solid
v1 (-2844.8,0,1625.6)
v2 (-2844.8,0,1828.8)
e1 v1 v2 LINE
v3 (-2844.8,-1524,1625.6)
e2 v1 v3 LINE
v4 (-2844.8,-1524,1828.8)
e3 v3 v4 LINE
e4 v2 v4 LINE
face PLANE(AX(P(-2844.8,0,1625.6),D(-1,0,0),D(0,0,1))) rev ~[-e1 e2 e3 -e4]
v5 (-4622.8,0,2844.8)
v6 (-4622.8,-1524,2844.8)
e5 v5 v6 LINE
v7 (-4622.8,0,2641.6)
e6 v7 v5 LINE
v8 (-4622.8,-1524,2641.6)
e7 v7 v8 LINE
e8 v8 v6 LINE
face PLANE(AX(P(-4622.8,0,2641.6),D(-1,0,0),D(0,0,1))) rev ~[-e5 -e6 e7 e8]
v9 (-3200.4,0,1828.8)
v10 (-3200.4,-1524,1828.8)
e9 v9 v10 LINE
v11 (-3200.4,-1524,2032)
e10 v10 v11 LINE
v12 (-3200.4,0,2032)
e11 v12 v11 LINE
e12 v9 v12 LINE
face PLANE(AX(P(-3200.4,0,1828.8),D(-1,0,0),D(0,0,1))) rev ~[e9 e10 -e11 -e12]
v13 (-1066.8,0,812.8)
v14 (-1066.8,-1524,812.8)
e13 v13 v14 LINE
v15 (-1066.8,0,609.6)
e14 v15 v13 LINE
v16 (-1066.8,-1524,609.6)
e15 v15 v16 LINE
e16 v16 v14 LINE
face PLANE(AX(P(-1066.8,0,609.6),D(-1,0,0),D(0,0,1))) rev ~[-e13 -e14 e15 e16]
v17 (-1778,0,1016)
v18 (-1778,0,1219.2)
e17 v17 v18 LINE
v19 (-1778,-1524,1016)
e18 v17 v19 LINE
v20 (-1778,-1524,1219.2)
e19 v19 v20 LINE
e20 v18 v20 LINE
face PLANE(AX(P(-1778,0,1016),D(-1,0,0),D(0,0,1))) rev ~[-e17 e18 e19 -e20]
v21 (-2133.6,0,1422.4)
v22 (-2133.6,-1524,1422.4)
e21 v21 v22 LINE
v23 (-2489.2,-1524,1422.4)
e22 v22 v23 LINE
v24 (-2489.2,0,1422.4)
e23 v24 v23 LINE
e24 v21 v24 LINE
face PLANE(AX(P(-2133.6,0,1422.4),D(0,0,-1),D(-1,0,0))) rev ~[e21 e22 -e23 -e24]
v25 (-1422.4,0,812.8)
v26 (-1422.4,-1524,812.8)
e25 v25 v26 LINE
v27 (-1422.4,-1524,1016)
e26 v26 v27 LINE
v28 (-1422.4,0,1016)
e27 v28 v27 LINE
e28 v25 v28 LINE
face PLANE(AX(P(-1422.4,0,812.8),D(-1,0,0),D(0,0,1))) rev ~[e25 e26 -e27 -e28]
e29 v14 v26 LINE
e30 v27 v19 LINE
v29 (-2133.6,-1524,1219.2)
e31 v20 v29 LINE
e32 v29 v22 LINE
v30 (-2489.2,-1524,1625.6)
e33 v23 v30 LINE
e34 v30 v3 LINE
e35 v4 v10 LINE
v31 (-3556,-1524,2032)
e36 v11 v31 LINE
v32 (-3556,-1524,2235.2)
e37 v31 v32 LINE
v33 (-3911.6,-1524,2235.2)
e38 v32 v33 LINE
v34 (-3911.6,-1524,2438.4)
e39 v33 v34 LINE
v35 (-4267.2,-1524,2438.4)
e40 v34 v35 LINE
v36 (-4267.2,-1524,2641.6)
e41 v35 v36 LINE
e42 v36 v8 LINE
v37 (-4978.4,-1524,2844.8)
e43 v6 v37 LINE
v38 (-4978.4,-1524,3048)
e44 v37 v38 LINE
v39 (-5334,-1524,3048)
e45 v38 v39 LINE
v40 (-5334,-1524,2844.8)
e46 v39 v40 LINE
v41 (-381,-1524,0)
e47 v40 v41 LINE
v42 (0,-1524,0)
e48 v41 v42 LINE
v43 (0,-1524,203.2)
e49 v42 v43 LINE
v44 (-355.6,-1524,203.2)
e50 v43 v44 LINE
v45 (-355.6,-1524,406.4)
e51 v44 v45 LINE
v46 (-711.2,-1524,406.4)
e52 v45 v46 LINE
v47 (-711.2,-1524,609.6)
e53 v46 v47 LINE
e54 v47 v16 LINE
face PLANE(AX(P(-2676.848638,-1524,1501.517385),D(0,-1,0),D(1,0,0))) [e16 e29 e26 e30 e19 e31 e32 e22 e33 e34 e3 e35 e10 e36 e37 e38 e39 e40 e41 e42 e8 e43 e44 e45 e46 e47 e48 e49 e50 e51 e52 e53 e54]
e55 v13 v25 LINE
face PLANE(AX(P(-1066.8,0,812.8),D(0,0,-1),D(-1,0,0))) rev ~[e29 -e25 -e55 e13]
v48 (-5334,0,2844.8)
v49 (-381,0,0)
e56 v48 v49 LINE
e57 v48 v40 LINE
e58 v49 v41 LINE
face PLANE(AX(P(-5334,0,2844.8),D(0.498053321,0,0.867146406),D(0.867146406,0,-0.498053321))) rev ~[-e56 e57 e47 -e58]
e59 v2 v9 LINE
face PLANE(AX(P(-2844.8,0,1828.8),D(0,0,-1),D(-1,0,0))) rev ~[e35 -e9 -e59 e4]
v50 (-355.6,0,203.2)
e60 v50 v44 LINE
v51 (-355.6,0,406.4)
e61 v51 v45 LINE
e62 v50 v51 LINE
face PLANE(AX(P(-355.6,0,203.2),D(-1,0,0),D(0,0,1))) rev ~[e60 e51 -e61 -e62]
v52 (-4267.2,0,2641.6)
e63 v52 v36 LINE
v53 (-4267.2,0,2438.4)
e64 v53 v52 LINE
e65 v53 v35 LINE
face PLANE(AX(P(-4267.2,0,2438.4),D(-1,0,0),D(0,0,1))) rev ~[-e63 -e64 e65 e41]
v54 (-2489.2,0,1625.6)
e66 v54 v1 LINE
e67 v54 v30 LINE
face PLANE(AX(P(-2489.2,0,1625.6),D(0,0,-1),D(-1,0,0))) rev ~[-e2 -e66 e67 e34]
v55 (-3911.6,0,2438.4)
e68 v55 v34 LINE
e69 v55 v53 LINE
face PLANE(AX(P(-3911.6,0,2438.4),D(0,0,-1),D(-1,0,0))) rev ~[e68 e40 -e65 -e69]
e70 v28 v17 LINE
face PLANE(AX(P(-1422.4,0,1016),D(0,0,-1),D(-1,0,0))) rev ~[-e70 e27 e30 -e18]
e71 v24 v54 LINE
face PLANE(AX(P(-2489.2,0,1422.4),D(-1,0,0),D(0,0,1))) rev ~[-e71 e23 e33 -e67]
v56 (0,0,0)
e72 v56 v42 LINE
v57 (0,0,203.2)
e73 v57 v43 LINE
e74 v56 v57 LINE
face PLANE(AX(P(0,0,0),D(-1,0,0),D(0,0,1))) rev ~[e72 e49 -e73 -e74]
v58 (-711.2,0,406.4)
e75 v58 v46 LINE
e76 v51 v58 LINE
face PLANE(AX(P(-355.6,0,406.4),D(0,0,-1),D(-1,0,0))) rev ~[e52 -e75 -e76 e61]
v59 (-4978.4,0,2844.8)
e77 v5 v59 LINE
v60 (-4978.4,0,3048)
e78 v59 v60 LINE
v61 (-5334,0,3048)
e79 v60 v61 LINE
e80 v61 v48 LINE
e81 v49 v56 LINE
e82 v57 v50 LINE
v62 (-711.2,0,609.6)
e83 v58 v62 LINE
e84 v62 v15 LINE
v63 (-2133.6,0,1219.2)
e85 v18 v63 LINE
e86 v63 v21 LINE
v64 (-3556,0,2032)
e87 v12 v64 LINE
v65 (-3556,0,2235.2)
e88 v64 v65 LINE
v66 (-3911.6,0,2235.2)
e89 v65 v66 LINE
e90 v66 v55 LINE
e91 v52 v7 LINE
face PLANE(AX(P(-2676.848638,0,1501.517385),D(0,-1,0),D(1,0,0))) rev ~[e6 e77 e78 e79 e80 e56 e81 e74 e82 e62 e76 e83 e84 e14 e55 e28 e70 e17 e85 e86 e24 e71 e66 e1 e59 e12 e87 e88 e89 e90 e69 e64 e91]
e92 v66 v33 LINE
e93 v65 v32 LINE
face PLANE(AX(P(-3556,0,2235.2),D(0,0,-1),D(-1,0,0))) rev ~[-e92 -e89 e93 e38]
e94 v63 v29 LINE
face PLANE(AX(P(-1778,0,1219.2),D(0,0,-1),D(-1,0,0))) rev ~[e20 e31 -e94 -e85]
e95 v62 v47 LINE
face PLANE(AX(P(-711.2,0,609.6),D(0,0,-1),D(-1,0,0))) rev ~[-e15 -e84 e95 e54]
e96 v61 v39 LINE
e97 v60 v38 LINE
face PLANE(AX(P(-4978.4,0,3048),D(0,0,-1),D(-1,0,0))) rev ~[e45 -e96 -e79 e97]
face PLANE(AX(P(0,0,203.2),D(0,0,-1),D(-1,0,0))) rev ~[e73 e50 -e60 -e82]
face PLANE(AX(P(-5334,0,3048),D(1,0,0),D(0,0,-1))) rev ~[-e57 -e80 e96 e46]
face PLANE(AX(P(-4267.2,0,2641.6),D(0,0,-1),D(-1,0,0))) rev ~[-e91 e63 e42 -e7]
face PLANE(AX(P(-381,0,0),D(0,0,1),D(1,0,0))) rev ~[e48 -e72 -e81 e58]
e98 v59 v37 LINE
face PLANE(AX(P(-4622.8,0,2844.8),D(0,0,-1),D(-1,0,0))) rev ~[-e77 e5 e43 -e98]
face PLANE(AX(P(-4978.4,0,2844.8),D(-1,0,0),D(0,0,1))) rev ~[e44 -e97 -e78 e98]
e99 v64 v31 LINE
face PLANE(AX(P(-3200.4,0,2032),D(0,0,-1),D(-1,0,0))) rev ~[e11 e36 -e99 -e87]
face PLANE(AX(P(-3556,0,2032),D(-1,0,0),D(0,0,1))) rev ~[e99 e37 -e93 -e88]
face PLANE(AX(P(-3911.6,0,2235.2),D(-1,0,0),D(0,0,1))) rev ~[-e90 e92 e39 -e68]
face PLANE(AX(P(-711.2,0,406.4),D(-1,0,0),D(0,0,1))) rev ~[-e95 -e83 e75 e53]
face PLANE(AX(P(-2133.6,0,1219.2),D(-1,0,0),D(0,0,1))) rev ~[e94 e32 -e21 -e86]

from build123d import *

# Parameters (mm, degrees)
F1_DEPTH = 1524


with BuildPart() as f1:
    # F0 (on Front) → F1 (new body)
    with BuildSketch(Plane.XZ):
        Polygon((-381, 0), (0, 0), (0, 203.2), (-355.6, 203.2), (-355.6, 406.4), (-711.2, 406.4), (-711.2, 609.6), (-1066.8, 609.6), (-1066.8, 812.8), (-1422.4, 812.8), (-1422.4, 1016), (-1778, 1016), (-1778, 1219.2), (-2133.6, 1219.2), (-2133.6, 1422.4), (-2489.2, 1422.4), (-2489.2, 1625.6), (-2844.8, 1625.6), (-2844.8, 1828.8), (-3200.4, 1828.8), (-3200.4, 2032), (-3556, 2032), (-3556, 2235.2), (-3911.6, 2235.2), (-3911.6, 2438.4), (-4267.2, 2438.4), (-4267.2, 2641.6), (-4622.8, 2641.6), (-4622.8, 2844.8), (-4978.4, 2844.8), (-4978.4, 3048), (-5334, 3048), (-5334, 2844.8), align=None)
    extrude(amount=F1_DEPTH)


solid = f1.part
